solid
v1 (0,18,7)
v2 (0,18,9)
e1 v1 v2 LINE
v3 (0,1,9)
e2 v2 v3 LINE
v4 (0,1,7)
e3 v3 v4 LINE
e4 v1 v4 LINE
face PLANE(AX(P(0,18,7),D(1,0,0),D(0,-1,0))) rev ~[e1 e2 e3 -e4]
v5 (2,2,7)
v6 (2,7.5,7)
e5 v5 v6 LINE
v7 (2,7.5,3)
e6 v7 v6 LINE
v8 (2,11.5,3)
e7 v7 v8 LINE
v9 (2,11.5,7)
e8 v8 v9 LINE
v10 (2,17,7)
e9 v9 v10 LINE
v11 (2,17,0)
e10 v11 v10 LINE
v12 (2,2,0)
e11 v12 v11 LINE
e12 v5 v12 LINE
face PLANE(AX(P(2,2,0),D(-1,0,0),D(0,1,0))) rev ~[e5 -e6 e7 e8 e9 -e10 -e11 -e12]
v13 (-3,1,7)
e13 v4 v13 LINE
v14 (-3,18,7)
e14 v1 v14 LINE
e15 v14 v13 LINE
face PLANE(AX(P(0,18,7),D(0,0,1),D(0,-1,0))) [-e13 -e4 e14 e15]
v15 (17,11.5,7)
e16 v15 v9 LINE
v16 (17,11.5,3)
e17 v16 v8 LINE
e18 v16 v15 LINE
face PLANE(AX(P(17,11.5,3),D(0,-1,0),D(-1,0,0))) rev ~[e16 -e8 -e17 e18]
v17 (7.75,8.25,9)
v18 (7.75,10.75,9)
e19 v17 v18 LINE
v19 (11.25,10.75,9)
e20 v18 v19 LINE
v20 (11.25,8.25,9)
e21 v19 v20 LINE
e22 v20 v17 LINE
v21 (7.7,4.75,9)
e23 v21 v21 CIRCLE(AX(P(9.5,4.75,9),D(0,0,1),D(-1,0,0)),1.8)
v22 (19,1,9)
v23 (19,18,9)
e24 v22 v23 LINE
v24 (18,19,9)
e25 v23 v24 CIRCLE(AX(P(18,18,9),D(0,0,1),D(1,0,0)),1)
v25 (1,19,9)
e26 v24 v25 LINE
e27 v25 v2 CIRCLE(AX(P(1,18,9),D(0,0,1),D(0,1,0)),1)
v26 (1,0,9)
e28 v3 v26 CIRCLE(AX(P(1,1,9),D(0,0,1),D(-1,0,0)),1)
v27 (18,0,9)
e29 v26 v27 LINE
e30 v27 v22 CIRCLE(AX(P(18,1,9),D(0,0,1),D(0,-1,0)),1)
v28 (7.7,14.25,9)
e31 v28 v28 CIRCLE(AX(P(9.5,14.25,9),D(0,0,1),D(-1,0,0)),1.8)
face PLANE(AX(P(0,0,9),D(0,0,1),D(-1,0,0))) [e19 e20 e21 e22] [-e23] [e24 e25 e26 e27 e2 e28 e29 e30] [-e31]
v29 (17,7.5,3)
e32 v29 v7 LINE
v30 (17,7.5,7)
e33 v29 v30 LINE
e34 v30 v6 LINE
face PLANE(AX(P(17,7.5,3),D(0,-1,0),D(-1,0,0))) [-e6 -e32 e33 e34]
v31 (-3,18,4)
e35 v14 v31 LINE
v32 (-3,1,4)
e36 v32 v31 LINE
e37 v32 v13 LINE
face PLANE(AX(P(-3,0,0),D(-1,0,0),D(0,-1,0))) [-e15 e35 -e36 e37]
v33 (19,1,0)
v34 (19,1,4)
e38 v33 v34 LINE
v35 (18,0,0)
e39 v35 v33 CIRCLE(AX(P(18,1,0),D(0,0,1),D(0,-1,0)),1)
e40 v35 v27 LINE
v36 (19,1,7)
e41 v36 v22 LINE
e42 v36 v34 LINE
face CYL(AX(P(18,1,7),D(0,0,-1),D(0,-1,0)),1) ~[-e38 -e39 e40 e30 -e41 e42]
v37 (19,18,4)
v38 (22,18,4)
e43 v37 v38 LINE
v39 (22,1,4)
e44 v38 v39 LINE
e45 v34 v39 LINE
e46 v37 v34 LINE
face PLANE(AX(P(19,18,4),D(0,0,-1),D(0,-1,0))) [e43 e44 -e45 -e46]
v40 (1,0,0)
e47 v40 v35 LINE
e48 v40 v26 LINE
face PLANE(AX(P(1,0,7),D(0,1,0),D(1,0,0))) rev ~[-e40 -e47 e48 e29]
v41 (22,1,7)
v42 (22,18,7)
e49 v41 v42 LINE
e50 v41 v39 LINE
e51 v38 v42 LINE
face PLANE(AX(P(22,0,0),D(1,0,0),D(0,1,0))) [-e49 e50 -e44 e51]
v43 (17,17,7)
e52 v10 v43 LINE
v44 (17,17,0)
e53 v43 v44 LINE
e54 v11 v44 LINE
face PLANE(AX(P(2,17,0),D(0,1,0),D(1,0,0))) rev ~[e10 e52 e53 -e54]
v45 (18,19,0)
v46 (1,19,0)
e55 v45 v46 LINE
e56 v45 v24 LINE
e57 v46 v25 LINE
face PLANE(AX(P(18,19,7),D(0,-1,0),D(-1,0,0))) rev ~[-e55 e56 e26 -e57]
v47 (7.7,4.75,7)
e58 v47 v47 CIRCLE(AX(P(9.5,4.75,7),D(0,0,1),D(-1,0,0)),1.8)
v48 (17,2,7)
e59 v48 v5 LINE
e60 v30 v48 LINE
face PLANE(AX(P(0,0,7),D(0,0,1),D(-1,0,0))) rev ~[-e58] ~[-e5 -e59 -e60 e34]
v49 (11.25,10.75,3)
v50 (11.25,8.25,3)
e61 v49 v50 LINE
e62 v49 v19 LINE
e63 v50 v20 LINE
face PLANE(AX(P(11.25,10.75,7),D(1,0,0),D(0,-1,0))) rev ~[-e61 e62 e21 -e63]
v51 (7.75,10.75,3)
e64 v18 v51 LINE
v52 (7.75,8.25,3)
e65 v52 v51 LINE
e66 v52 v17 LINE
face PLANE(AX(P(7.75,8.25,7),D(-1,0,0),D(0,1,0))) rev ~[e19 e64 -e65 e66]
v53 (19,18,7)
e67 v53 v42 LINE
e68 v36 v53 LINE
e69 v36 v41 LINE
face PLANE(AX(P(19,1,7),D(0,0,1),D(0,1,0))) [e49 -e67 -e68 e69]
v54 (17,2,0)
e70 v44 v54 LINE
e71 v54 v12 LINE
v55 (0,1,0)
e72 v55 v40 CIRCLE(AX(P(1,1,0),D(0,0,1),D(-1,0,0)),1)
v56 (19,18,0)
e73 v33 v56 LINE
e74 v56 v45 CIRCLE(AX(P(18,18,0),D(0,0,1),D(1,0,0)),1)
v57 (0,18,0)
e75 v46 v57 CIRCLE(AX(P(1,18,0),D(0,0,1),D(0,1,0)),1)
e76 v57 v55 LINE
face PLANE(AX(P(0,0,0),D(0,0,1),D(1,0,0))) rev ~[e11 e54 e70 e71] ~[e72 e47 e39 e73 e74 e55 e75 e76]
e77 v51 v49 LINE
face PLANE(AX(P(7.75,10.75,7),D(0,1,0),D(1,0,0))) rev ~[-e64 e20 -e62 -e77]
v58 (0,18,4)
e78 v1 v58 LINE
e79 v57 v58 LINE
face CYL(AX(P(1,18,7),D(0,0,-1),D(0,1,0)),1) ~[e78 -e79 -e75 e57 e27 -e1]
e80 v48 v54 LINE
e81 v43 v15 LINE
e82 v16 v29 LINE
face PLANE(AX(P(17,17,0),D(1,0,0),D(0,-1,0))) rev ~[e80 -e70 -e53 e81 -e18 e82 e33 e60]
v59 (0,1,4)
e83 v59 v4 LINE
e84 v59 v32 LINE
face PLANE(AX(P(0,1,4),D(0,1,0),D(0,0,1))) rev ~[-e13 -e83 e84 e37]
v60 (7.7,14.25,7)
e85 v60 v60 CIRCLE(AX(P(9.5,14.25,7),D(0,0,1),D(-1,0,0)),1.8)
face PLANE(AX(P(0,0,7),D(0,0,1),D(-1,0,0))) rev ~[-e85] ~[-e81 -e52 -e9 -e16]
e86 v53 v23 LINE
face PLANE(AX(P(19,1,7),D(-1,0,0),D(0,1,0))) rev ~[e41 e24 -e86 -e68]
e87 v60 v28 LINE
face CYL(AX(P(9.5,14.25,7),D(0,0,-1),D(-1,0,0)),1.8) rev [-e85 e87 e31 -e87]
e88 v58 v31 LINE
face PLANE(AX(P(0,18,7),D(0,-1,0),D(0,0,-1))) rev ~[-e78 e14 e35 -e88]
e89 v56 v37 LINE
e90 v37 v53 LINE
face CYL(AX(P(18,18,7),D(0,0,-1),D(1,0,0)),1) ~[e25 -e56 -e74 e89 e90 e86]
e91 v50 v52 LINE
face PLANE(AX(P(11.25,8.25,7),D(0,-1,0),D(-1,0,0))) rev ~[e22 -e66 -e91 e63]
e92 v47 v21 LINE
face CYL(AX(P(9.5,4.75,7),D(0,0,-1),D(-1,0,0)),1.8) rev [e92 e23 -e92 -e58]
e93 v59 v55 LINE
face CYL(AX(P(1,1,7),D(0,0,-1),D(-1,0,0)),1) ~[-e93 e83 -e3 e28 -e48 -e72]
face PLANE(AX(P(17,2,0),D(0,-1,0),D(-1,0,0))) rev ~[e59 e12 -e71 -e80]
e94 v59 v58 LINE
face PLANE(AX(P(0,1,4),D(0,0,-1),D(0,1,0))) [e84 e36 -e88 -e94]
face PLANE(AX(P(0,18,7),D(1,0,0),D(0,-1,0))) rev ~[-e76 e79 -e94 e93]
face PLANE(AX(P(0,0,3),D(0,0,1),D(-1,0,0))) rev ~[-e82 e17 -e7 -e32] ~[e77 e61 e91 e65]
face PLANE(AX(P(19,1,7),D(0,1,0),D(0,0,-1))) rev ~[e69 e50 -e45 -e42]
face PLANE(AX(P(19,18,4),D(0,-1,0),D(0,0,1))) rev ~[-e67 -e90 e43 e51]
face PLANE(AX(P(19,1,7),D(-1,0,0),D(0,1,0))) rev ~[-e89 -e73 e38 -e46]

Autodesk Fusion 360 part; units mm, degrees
sketch "Sketch1" plane through (0, 0, 0) normal (0, 0, 1) x (1, 0, 0)
  line L0 (1, 0) -> (18, 0)
  line L1 (19, 1) -> (19, 18)
  line L2 (18, 19) -> (1, 19)
  line L3 (0, 18) -> (0, 1)
  arc A0 (1, 19) -> (0, 18) centre (1, 18) ccw
  arc A1 (19, 18) -> (18, 19) centre (18, 18) ccw
  arc A2 (18, 0) -> (19, 1) centre (18, 1) ccw
  arc A3 (0, 1) -> (1, 0) centre (1, 1) ccw
  line L4 (18.7071, 18.7071) -> (0.2929, 0.2929) construction
  line L5 (18.7071, 0.2929) -> (0.2929, 18.7071) construction
  line L6 (2, 17) -> (17, 17)
  line L7 (17, 17) -> (17, 2)
  line L8 (17, 2) -> (2, 2)
  line L9 (2, 2) -> (2, 17)
  line L10 (17, 17) -> (2, 2) construction
  line L11 (2, 17) -> (17, 2) construction
  point P0 (19, 0)
  point P1 (0, 19)
  point P2 (9.5, 9.5)
  point P3 (9.5, 9.5)
  dimension "d1" = 19
  dimension "d2" = 19
  dimension "d3" = 1
  dimension "d4" = 1
  dimension "d5" = 1
  dimension "d6" = 1
  dimension "d7" = 15
  dimension "d8" = 15
extrude "Extrude1" add sketch "Sketch1" along normal blind 3 makes body 1
sketch "Sketch2" plane through (0, 0, 3) normal (0, 0, 1) x (-1, 0, 0)
  line L0 (-17, -2) -> (-2, -2)
  line L1 (-2, -2) -> (-2, -17)
  line L2 (-2, -17) -> (-17, -17)
  line L3 (-17, -17) -> (-17, -2)
  arc A0 (0, -1) -> (-1, 0) centre (-1, -1) ccw
  line L4 (-1, 0) -> (-18, 0)
  arc A1 (-18, 0) -> (-19, -1) centre (-18, -1) ccw
  line L5 (-19, -1) -> (-19, -18)
  arc A2 (-19, -18) -> (-18, -19) centre (-18, -18) ccw
  line L6 (-18, -19) -> (-1, -19)
  arc A3 (-1, -19) -> (0, -18) centre (-1, -18) ccw
  line L7 (0, -18) -> (0, -1)
  line L8 (-17, -2) -> (-2, -17) construction
  line L9 (-2, -2) -> (-17, -17) construction
  line L10 (-9.5, -9.5) -> (-17, -9.5) construction
  line L11 (-9.5, -9.5) -> (-2, -9.5) construction
  line L12 (-17, -11.5) -> (-2, -11.5)
  line L13 (-17, -7.5) -> (-2, -7.5)
  line L14 (-2, -7.5) -> (-2, -11.5)
  line L15 (-17, -11.5) -> (-17, -7.5)
  line L16 (-7.75, -10.75) -> (-11.25, -10.75)
  line L17 (-11.25, -10.75) -> (-11.25, -8.25)
  line L18 (-11.25, -8.25) -> (-7.75, -8.25)
  line L19 (-7.75, -8.25) -> (-7.75, -10.75)
  line L20 (-11.25, -8.25) -> (-7.75, -10.75) construction
  line L21 (-11.25, -10.75) -> (-7.75, -8.25) construction
  point P0 (-9.5, -9.5)
  point P1 (-9.5, -9.5)
  dimension "d11" = 2
  dimension "d12" = 2
  dimension "d13" = 3.5
  dimension "d14" = 2.5
extrude "Extrude2" add sketch "Sketch2" along normal blind 4 separate body contours L1 L3 L12 L13 L14 L15 makes body 2
extrude "Extrude3" add 1 faces at (0.6667, 7, 3) along direction (0, 0, 1) blind 4 on bodies 1 bodies 1 2
sketch "Sketch3" plane through (0, 11.5, 0) normal (0, 1, 0) x (-1, 0, 0)
  line L0 (-17, 3) -> (-2, 3)
  line L1 (-2, 3) -> (-2, 7)
  line L2 (-2, 7) -> (-17, 7)
  line L3 (-17, 7) -> (-17, 3)
sketch "Sketch4" plane through (0, 0, 7) normal (0, 0, 1) x (-1, 0, 0)
  line L0 (-17, -7.5) -> (-17, -2)
  line L1 (-17, -2) -> (-2, -2)
  line L2 (-2, -2) -> (-2, -7.5)
  line L3 (-2, -7.5) -> (-17, -7.5)
  line L4 (-11.25, -8.25) -> (-7.75, -8.25)
  line L5 (-7.75, -8.25) -> (-7.75, -10.75)
  line L6 (-7.75, -10.75) -> (-11.25, -10.75)
  line L7 (-11.25, -10.75) -> (-11.25, -8.25)
  line L8 (-17, -11.5) -> (-2, -11.5)
  line L9 (-2, -11.5) -> (-2, -17)
  line L10 (-2, -17) -> (-17, -17)
  line L11 (-17, -17) -> (-17, -11.5)
  arc A0 (0, -1) -> (-1, 0) centre (-1, -1) ccw
  line L12 (-1, 0) -> (-18, 0)
  arc A1 (-18, 0) -> (-19, -1) centre (-18, -1) ccw
  line L13 (-19, -1) -> (-19, -18)
  arc A2 (-19, -18) -> (-18, -19) centre (-18, -18) ccw
  line L14 (-18, -19) -> (-1, -19)
  arc A3 (-1, -19) -> (0, -18) centre (-1, -18) ccw
  line L15 (0, -18) -> (0, -1)
  line L16 (-17, -11.5) -> (-2, -17) construction
  line L17 (-2, -11.5) -> (-17, -17) construction
  line L18 (-17, -2) -> (-2, -7.5) construction
  line L19 (-2, -2) -> (-17, -7.5) construction
  line L20 (-17, -11.5) -> (-2, -11.5)
  line L21 (-2, -11.5) -> (-17, -17) construction
  line L22 (-2, -17) -> (-17, -17)
  circle A4 centre (-9.5, -14.25) radius 1.8
  line L23 (-2, -11.5) -> (-2, -17)
  line L24 (-17, -11.5) -> (-2, -17) construction
  line L25 (-17, -17) -> (-17, -11.5)
  line L26 (-2, -7.5) -> (-17, -7.5)
  circle A5 centre (-9.5, -4.75) radius 1.8
  line L27 (-2, -2) -> (-2, -7.5)
  line L28 (-2, -2) -> (-17, -7.5) construction
  line L29 (-17, -7.5) -> (-17, -2)
  line L30 (-17, -2) -> (-2, -2)
  line L31 (-17, -2) -> (-2, -7.5) construction
  point P0 (-9.5, -14.25)
  point P1 (-9.5, -4.75)
  point P2 (-9.5, -14.25)
  point P3 (-9.5, -4.75)
  dimension "d22" = 15
  dimension "d23" = 5.5
  dimension "d24" = 3.6
  dimension "d25" = 15
  dimension "d26" = 5.5
  dimension "d27" = 3.6
extrude "Extrude4" add sketch "Sketch4" along normal blind 2 separate body contours L0 L1 L2 L3 L26 L27 L29 L30 | L8 L9 L10 L11 L20 L22 L23 L25 makes body 3 at (3.9, 14.25, 7) makes body 4 at (15.1, 4.75, 7)
extrude "Extrude5" add 1 faces at (15.0833, 9.9167, 7) along direction (0, 0, 1) blind 2 on bodies 1 bodies 1 3 4
sketch "Sketch5" plane through (19, 0, 0) normal (1, 0, 0) x (0, 1, 0)
  line L0 (1, 0) -> (18, 0)
  line L1 (18, 0) -> (18, 9)
  line L2 (18, 9) -> (1, 9)
  line L3 (1, 9) -> (1, 0)
  line L4 (18, 0) -> (18, 4) construction
  line L5 (18, 4) -> (1, 4)
  line L6 (1, 4) -> (1, 7)
  line L7 (1, 7) -> (18, 7)
  line L8 (18, 7) -> (18, 4)
  dimension "d32" = 4
  dimension "d33" = 3
extrude "Extrude6" add sketch "Sketch5" along normal blind 3 contours L1 L3 L5 L6 L7 L8 bodies 1
sketch "Sketch6" plane through (0, 0, 0) normal (-1, 0, 0) x (0, -1, 0)
  line L0 (-18, 0) -> (-1, 0)
  line L1 (-1, 0) -> (-1, 9)
  line L2 (-1, 9) -> (-18, 9)
  line L3 (-18, 9) -> (-18, 0)
  line L4 (-1, 0) -> (-1, 4) construction
  line L5 (-1, 4) -> (-18, 4)
  line L6 (-18, 4) -> (-18, 7)
  line L7 (-18, 7) -> (-1, 7)
  line L8 (-1, 7) -> (-1, 4)
  dimension "d36" = 4
  dimension "d37" = 3
extrude "Extrude7" add sketch "Sketch6" along normal blind 3 contours L1 L3 L5 L6 L7 L8 bodies 1
